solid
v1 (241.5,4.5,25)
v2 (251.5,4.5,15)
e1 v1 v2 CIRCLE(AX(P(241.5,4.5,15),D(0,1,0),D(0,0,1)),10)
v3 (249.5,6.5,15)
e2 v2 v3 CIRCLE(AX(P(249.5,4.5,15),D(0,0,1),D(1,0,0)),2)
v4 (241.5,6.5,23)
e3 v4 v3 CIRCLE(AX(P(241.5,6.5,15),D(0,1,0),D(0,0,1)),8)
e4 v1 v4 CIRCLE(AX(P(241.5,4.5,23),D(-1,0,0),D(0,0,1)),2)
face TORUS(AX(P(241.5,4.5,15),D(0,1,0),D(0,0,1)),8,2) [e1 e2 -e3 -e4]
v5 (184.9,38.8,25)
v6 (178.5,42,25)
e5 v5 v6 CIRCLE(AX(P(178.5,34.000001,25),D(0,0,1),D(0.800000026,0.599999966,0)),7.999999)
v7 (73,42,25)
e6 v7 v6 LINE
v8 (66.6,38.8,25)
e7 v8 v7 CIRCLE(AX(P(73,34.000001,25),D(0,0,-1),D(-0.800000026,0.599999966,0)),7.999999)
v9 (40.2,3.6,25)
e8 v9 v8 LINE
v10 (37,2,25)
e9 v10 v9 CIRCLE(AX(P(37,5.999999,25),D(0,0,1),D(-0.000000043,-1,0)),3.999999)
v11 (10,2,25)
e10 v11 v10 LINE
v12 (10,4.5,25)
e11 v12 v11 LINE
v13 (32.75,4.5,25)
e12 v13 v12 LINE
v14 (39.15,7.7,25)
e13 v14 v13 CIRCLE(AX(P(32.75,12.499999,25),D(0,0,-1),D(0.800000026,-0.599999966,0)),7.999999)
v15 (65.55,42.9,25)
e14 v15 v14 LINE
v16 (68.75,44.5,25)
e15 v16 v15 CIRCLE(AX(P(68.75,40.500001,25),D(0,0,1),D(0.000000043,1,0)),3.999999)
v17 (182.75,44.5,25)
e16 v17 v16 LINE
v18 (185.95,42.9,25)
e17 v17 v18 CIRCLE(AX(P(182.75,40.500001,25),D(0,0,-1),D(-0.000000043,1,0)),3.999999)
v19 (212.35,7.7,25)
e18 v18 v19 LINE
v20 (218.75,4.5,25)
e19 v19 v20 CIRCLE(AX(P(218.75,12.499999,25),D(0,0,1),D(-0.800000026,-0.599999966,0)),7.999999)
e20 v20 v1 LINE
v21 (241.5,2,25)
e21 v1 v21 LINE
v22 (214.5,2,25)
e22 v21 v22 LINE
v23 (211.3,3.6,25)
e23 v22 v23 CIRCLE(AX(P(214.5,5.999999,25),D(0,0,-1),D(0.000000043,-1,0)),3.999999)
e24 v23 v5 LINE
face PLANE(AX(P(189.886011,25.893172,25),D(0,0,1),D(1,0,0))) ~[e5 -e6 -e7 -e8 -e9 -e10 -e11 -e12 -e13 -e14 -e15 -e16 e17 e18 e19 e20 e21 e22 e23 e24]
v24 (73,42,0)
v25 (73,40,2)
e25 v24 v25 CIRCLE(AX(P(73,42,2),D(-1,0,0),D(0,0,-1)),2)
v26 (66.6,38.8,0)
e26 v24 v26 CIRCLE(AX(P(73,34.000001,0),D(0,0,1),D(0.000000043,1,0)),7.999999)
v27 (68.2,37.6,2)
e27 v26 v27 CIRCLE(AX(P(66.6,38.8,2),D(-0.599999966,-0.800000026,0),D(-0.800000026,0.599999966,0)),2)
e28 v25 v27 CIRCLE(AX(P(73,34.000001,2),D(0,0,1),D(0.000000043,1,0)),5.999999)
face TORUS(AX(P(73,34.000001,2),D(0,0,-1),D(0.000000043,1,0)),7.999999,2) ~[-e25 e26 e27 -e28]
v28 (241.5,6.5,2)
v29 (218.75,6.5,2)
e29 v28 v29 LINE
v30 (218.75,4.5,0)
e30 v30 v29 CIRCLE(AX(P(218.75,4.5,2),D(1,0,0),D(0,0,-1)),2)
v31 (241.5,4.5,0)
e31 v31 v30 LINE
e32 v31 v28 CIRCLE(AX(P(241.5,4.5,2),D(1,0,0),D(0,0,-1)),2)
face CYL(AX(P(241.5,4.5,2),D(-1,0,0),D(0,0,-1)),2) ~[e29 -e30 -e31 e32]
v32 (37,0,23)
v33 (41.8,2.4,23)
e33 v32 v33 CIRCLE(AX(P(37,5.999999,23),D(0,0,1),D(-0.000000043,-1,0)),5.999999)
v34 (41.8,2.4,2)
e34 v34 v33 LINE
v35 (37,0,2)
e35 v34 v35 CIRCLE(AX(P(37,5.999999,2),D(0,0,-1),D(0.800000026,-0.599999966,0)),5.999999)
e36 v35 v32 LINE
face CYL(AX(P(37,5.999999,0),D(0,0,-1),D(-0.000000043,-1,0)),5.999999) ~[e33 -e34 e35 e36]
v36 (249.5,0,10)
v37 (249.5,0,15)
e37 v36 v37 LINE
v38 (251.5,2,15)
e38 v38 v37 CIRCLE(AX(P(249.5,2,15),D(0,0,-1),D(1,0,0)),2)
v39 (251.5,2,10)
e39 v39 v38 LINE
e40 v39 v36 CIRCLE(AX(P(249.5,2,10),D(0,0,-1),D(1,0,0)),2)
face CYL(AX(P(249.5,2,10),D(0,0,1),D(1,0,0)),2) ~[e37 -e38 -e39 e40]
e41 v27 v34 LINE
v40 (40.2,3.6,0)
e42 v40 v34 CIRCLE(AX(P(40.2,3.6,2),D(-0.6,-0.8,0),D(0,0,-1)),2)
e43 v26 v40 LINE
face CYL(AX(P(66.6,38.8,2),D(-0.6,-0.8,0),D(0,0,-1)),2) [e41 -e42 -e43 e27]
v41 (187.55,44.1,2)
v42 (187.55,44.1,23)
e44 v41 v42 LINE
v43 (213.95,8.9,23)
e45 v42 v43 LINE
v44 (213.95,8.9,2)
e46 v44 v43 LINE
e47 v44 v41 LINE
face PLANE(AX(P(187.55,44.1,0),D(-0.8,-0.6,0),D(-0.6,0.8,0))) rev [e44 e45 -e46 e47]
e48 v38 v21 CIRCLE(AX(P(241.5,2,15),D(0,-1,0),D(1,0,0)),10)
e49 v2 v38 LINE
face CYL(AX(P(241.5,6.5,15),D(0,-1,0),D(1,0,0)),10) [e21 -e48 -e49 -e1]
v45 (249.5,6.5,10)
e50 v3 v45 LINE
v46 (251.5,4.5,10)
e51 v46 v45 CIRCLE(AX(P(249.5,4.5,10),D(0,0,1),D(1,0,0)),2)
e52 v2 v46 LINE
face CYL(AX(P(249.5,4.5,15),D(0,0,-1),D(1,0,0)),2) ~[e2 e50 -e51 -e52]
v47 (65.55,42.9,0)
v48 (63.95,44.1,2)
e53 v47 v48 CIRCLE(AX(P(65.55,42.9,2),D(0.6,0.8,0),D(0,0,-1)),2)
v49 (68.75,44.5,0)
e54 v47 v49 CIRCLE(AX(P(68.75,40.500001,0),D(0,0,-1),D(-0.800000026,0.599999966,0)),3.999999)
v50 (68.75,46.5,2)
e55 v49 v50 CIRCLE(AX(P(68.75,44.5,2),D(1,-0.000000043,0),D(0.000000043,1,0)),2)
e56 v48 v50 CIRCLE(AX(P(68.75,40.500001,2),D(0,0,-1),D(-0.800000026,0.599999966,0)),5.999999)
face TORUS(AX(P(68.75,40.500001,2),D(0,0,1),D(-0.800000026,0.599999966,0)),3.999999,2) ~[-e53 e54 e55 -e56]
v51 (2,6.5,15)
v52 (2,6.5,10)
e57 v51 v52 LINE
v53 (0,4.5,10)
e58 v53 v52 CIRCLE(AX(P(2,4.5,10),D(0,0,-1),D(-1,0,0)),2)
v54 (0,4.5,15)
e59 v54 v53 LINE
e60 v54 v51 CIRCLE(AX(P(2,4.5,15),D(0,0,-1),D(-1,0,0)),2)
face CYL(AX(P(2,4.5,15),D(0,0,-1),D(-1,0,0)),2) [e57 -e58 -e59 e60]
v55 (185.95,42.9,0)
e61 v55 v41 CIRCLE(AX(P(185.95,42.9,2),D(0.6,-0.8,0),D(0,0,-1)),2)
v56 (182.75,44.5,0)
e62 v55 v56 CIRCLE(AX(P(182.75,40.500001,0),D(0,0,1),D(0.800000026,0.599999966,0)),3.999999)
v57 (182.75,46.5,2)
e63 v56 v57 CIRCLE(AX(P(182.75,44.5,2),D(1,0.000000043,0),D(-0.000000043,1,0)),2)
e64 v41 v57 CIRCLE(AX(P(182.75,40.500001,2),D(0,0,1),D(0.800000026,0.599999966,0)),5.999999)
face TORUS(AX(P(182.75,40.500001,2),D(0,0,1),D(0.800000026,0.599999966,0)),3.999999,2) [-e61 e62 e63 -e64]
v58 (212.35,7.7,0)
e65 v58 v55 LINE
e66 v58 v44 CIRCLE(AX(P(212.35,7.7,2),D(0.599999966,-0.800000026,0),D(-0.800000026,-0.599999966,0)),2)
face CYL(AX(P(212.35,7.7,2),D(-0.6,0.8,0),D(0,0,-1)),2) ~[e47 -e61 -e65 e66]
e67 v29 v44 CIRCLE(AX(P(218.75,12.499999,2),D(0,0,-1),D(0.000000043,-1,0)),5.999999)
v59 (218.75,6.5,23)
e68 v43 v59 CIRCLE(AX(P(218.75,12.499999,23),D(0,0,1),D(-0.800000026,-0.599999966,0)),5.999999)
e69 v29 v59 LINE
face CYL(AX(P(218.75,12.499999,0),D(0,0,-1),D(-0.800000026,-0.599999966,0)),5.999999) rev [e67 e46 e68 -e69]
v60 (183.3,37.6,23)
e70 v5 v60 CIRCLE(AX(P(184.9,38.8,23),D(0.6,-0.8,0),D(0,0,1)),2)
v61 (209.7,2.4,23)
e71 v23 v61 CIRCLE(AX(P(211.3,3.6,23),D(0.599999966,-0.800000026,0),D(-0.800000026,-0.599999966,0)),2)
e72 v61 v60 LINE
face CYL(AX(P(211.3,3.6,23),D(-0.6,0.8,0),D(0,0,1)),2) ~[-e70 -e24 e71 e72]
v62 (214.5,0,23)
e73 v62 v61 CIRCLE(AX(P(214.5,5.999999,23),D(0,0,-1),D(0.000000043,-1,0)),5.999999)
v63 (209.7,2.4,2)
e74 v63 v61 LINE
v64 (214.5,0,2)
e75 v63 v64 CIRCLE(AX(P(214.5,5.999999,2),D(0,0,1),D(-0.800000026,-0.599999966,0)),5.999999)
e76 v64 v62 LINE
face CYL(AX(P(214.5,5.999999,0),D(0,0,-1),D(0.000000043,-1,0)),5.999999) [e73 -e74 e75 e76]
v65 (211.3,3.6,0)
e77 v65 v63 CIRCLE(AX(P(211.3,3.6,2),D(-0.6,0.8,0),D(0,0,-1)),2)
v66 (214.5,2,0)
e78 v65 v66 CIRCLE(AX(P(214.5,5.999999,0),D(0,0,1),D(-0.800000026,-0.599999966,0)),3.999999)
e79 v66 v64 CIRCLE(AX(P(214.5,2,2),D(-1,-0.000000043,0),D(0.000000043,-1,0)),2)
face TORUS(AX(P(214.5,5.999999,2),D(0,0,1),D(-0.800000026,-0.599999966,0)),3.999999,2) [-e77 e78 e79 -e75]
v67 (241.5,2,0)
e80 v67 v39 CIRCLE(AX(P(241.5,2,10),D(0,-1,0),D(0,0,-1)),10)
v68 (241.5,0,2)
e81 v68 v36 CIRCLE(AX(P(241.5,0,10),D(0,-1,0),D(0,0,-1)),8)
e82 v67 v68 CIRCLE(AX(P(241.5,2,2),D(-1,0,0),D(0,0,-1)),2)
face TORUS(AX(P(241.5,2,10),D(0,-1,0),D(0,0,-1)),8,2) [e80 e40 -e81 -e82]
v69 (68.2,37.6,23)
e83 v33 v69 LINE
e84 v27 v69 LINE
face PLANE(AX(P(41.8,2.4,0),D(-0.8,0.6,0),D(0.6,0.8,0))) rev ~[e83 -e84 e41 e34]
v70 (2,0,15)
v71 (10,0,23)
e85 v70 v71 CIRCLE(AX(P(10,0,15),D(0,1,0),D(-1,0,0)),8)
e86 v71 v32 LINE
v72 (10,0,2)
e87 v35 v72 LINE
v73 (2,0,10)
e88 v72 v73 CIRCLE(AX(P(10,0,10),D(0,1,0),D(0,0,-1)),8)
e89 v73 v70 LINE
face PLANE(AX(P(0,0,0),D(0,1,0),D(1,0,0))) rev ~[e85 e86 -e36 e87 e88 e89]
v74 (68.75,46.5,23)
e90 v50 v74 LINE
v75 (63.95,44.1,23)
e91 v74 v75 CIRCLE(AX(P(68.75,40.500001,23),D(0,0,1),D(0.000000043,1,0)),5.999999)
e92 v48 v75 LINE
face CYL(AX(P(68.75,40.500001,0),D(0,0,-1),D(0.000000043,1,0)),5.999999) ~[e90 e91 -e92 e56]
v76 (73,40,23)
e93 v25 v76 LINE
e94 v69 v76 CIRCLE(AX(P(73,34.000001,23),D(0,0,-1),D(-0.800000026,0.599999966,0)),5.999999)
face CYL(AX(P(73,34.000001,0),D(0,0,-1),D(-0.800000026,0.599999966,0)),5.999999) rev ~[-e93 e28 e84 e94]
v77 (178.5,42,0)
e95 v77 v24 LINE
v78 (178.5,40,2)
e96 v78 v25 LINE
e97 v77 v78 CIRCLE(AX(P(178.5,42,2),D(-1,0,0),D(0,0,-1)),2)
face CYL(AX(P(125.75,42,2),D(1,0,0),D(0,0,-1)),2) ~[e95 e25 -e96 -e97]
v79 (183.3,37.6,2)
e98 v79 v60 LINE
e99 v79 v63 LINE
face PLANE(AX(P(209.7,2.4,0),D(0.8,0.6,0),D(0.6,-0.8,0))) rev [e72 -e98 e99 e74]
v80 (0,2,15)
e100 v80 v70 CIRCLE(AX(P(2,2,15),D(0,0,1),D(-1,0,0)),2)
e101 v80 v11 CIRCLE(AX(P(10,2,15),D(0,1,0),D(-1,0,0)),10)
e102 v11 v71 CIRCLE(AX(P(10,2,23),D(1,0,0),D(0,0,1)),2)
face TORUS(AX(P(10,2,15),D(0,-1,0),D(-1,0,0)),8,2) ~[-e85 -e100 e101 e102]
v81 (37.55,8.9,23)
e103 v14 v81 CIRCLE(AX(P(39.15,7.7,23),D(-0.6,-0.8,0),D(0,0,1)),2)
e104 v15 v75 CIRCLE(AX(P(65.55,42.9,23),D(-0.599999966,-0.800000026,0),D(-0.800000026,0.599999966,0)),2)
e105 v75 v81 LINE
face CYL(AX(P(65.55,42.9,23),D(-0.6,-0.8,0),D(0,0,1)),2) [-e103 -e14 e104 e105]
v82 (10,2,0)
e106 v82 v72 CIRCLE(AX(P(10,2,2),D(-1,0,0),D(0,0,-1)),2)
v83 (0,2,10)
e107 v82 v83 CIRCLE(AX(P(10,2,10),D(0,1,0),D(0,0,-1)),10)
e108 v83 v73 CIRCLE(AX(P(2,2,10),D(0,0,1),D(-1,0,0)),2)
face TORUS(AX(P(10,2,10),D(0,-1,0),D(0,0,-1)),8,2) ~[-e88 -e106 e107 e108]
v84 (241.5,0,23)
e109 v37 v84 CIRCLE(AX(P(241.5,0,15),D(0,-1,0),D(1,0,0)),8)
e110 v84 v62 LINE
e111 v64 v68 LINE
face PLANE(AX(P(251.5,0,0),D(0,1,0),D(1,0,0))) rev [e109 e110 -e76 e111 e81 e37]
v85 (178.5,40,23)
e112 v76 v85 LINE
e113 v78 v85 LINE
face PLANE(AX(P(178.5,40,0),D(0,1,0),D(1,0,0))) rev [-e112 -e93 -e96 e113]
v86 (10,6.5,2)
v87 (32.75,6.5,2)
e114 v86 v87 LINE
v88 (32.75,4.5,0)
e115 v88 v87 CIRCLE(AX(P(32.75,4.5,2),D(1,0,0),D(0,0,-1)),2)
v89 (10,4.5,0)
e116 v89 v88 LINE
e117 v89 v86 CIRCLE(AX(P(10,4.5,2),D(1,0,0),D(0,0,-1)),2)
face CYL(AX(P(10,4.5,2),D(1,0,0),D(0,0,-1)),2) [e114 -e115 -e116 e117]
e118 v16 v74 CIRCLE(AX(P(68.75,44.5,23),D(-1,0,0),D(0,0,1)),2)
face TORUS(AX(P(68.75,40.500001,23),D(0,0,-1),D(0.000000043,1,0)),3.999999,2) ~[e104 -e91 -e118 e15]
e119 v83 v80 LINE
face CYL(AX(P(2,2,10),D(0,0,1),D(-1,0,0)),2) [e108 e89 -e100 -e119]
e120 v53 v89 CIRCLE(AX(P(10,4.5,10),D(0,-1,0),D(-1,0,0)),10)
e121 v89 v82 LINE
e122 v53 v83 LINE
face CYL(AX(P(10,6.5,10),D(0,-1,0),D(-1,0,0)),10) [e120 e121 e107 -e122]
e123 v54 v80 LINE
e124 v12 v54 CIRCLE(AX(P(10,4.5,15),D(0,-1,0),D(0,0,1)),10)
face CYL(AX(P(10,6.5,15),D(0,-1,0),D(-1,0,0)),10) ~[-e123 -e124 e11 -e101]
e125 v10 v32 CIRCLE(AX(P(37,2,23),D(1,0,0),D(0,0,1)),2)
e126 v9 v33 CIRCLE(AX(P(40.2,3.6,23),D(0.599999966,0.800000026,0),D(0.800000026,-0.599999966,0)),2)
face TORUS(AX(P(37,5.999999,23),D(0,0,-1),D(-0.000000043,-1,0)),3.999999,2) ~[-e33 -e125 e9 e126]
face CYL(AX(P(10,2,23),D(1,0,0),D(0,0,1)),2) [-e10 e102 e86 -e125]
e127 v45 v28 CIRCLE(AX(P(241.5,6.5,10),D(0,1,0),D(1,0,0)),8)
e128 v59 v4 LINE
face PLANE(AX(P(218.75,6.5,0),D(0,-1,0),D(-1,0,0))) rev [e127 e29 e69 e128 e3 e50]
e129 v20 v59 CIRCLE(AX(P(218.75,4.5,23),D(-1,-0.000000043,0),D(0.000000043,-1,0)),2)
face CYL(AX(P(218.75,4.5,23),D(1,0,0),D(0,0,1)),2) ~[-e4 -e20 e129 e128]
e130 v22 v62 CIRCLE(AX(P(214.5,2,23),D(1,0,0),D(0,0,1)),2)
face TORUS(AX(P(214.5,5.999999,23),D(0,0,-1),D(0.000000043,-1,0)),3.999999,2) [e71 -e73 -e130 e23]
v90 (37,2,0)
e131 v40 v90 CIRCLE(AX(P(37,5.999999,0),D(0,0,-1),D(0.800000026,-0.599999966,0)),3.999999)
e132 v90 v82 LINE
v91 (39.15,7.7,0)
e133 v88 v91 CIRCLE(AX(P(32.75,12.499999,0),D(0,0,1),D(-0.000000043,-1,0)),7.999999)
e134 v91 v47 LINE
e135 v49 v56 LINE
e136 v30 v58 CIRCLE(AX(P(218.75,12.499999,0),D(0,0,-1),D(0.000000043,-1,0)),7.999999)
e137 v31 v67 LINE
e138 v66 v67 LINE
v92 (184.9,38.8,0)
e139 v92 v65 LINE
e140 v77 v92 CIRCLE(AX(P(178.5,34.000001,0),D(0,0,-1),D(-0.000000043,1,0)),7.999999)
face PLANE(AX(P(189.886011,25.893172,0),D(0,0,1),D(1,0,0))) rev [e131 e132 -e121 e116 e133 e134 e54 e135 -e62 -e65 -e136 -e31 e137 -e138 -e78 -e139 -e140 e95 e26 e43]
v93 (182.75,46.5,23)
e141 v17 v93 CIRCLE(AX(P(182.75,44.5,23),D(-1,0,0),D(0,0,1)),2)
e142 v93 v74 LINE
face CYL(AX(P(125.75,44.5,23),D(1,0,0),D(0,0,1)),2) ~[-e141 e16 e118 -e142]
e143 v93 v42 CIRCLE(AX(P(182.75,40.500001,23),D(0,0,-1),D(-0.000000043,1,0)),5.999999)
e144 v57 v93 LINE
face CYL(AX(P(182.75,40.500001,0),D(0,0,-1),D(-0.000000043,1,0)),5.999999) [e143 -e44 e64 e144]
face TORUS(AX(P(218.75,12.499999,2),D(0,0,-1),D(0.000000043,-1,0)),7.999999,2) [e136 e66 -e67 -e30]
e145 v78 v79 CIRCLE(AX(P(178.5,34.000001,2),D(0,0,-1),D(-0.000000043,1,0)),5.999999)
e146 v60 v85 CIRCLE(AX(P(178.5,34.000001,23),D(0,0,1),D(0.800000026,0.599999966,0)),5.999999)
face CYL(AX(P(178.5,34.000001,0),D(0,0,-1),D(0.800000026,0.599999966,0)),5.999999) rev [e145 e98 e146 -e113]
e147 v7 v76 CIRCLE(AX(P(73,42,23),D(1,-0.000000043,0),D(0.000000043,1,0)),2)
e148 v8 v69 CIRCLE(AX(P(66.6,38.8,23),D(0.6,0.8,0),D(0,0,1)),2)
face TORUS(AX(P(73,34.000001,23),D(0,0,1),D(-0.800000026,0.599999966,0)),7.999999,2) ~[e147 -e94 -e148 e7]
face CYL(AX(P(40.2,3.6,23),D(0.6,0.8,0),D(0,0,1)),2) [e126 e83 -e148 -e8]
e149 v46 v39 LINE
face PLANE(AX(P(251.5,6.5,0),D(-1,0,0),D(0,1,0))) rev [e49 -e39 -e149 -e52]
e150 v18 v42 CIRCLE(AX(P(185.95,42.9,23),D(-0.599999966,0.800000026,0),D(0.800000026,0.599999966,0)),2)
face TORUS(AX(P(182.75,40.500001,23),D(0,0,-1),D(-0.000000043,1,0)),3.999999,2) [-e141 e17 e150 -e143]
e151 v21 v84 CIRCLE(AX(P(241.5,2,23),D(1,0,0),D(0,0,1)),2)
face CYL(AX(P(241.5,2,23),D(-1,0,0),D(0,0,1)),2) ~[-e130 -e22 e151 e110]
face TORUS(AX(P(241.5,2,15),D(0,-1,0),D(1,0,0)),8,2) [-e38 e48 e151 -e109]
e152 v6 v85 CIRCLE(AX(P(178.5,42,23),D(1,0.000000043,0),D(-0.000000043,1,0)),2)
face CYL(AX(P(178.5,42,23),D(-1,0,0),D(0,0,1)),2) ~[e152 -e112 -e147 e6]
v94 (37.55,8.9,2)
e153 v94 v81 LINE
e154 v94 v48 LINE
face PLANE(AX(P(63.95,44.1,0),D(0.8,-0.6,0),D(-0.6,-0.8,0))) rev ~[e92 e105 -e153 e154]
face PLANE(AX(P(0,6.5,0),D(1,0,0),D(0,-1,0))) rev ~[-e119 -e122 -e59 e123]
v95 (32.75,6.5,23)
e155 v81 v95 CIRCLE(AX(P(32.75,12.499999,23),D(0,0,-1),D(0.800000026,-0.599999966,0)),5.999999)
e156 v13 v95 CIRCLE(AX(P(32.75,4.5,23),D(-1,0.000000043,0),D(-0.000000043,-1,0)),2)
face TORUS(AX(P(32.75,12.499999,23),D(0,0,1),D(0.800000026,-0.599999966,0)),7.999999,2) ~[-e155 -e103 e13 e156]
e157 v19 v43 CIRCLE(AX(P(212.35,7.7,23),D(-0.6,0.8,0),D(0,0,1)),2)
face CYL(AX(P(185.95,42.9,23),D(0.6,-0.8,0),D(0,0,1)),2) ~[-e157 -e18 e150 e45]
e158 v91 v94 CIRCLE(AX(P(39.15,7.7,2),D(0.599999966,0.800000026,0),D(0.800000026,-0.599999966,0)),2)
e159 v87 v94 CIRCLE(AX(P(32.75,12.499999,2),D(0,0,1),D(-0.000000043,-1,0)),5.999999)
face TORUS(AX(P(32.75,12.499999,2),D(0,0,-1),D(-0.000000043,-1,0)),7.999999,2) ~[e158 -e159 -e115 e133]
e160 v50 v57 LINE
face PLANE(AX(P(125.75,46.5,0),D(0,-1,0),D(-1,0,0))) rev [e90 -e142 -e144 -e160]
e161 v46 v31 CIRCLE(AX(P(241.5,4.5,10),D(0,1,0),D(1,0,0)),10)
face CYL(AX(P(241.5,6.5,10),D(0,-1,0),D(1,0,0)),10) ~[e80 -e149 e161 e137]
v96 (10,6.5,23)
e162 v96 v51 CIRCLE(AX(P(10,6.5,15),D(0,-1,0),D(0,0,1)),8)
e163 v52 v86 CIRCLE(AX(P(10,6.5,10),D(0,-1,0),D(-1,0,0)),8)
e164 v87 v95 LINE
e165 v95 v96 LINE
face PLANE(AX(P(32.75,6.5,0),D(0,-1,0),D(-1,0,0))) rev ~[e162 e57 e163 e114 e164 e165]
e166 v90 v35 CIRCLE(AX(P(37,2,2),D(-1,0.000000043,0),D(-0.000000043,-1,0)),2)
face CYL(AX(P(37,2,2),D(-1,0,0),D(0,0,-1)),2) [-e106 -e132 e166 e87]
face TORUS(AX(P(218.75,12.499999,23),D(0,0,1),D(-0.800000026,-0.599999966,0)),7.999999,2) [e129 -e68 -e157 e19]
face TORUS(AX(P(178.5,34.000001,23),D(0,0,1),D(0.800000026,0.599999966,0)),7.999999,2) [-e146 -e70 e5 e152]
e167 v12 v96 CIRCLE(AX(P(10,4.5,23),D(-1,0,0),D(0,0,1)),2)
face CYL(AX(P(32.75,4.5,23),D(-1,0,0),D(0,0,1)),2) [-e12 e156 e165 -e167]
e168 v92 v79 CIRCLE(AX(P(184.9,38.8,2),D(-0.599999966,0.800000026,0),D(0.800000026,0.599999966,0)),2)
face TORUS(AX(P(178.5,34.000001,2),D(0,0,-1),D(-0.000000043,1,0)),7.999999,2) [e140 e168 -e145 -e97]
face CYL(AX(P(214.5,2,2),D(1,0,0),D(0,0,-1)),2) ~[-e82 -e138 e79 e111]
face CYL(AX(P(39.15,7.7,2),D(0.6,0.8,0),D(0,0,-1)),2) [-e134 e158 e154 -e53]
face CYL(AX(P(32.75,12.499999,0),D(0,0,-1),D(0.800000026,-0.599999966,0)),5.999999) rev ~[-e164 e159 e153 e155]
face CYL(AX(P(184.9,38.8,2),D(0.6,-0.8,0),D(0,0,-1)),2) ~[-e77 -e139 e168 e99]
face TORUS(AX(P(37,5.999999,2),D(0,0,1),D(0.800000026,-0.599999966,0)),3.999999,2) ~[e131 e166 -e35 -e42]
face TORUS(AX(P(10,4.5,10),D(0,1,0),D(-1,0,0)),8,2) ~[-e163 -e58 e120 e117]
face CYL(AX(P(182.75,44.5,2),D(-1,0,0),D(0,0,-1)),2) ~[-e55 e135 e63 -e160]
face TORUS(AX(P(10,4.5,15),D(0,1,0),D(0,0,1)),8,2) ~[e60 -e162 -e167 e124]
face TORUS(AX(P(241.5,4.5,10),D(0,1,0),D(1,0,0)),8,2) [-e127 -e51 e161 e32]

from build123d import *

# Parameters (mm, degrees)
F1_DEPTH = 25
F2_R     = 10
F3_R     = 2


with BuildPart() as f1:
    # F0 (on Top) → F1 (new body)
    with BuildSketch(Plane.XY):
        with BuildLine():
            Line((0, 6.5), (0, 0))
            Line((0, 0), (37, 0))
            ThreePointArc((37, 0), (39.683282, 0.633437), (41.8, 2.4))
            Line((41.8, 2.4), (68.2, 37.6))
            ThreePointArc((68.2, 37.6), (70.316718, 39.366563), (73, 40))
            Line((73, 40), (125.75, 40))
            Line((125.75, 40), (125.75, 46.5))
            Line((125.75, 46.5), (68.75, 46.5))
            ThreePointArc((68.75, 46.5), (66.066718, 45.866563), (63.95, 44.1))
            Line((63.95, 44.1), (37.55, 8.9))
            ThreePointArc((37.55, 8.9), (35.433282, 7.133437), (32.75, 6.5))
            Line((32.75, 6.5), (0, 6.5))
        make_face()
    extrude(amount=F1_DEPTH)

    # F2
    f2_edges = [f1.edges().sort_by_distance(p)[0] for p in [
        (0, 3.25, 25),
        (0, 3.25, 0),
    ]]
    fillet(f2_edges, radius=F2_R)

    # F3
    f3_edges = [f1.edges().sort_by_distance(p)[0] for p in [
        (99.375, 40, 25),
        (97.25, 46.5, 25),
    ]]
    fillet(f3_edges, radius=F3_R)

    # F4: F1 across face


with BuildPart() as f1_1:
    add(f1.part)
    add(f1.part.mirror(Plane(origin=(125.75, 43.25, 12.5), x_dir=(0, 1, 0), z_dir=(1, 0, 0))))


solid = f1_1.part
